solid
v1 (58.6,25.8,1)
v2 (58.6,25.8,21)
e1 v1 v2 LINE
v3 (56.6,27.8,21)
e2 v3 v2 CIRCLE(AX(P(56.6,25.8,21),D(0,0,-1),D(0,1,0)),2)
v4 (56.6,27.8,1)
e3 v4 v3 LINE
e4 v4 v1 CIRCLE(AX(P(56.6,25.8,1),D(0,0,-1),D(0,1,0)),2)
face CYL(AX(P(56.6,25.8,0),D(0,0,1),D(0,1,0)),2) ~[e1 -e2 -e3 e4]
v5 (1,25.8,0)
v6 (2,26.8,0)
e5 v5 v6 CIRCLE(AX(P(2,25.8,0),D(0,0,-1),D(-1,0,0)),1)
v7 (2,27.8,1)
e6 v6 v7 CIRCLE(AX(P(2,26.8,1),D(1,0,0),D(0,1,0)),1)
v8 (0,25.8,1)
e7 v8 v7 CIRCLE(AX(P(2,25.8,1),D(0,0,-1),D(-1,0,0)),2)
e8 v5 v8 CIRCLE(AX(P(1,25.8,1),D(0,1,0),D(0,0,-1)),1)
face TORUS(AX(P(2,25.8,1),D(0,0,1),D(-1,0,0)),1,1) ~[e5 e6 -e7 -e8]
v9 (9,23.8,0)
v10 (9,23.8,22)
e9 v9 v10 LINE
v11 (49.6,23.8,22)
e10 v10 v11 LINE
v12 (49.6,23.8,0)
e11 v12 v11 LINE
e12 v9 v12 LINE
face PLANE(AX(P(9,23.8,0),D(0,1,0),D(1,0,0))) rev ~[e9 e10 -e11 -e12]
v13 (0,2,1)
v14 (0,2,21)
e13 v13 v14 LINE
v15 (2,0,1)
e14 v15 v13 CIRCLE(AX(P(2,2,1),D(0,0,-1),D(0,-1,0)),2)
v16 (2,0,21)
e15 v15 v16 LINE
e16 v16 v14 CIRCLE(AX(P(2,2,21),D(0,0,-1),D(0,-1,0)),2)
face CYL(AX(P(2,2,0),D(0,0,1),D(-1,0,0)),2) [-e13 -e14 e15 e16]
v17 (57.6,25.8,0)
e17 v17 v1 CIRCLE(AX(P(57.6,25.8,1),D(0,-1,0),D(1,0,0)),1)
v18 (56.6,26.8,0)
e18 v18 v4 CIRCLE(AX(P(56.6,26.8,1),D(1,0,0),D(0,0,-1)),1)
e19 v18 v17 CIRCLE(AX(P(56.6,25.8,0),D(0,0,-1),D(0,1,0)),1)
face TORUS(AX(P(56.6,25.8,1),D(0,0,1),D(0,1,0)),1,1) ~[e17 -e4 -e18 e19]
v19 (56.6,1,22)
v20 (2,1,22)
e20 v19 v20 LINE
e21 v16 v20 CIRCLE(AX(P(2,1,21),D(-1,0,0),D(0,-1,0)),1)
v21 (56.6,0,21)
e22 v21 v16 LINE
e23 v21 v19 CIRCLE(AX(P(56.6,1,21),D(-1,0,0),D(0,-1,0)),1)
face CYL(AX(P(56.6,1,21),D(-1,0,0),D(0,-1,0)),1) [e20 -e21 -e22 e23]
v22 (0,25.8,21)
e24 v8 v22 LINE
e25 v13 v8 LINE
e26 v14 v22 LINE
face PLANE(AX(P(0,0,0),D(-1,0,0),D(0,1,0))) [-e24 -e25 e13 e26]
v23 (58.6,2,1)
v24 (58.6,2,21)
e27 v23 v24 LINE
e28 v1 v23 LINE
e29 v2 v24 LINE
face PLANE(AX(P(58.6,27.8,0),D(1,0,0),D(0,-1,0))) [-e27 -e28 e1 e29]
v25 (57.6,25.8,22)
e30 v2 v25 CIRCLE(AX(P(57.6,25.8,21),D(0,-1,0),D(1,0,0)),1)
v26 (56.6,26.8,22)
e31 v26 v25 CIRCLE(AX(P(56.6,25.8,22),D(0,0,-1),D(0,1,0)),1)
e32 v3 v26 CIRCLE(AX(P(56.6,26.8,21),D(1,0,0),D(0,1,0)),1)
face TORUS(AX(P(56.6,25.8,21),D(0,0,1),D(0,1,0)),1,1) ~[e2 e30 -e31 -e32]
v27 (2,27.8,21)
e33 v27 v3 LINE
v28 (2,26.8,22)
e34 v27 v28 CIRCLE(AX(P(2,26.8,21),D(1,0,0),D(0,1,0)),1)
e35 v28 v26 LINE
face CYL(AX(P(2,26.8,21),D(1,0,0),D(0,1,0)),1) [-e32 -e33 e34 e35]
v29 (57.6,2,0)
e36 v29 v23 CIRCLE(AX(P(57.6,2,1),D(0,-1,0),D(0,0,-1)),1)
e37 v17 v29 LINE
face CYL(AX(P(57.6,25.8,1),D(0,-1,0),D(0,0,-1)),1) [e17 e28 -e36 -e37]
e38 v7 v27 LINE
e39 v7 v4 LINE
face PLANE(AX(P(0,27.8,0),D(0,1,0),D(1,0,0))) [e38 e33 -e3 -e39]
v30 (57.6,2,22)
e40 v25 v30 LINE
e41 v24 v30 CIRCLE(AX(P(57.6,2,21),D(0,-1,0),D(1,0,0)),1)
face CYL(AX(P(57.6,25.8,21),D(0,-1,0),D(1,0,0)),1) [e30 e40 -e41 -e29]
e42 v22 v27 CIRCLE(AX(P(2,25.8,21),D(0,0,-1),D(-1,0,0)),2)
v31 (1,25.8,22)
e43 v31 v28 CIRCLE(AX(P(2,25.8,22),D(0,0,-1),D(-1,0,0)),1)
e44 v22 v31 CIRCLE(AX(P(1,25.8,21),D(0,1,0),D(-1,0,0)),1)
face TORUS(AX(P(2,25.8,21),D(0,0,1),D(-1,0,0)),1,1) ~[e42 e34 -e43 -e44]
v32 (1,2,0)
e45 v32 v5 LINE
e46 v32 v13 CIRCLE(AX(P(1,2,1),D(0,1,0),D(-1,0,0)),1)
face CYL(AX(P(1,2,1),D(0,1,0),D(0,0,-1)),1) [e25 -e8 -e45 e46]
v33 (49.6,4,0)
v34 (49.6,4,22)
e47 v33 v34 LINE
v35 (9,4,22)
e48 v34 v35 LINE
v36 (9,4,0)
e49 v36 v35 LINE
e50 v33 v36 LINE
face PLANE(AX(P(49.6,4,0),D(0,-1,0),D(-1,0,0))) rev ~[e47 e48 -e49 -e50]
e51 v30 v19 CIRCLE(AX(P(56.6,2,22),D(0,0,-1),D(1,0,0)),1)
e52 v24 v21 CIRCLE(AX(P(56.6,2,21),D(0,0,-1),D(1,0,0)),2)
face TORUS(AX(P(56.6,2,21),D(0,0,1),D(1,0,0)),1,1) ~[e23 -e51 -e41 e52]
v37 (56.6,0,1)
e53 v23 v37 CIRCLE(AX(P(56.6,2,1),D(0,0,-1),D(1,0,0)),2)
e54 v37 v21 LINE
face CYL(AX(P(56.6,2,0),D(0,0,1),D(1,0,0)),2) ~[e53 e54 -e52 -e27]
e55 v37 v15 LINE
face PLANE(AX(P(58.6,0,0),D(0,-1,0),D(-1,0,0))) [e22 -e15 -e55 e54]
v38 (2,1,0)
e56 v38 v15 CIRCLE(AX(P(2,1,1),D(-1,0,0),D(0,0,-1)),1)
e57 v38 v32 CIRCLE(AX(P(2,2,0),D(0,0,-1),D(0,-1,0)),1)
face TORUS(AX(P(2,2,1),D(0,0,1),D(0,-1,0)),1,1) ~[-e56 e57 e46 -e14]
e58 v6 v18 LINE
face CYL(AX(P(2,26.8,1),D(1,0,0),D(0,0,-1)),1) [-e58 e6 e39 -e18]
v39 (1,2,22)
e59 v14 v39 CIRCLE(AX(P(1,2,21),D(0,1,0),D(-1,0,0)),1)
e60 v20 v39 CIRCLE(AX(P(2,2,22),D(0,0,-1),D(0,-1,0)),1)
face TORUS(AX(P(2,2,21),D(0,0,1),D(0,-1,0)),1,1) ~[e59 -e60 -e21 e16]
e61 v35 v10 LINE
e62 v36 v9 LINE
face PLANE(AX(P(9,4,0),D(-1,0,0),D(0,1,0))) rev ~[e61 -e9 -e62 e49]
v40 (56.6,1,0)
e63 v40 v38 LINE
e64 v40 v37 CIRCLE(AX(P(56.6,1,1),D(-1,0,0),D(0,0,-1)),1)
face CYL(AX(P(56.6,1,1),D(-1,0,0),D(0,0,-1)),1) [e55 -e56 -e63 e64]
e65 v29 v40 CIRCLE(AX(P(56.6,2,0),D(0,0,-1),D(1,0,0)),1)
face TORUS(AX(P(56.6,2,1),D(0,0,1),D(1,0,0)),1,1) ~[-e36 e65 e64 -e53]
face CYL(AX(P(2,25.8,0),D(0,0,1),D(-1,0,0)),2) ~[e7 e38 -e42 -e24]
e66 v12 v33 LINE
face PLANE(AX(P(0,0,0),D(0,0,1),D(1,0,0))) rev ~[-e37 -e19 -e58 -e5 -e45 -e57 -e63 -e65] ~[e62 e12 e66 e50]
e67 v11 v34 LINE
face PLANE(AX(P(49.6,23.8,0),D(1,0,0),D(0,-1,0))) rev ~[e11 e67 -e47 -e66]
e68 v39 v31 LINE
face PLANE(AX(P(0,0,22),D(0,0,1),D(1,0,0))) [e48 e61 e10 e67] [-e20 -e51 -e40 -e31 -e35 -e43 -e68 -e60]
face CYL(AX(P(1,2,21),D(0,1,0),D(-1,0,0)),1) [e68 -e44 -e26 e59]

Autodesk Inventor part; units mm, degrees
ref_plane "YZ Plane" through (0, 0, 0) normal (1, 0, 0) x (0, 1, 0)
ref_plane "XZ Plane" through (0, 0, 0) normal (0, 1, 0) x (-1, 0, 0)
ref_plane "XY Plane" through (0, 0, 0) normal (0, 0, 1) x (1, 0, 0)
sketch "Sketch1" plane through (0, 0, 0) normal (0, 0, 1) x (1, 0, 0)
  line L0 (0, 0) -> (0, 27.8)
  line L1 (0, 27.8) -> (58.6, 27.8)
  line L2 (58.6, 27.8) -> (58.6, 0)
  line L3 (58.6, 0) -> (0, 0)
  line L4 (9, 23.8) -> (49.6, 23.8)
  line L5 (49.6, 23.8) -> (49.6, 4)
  line L6 (49.6, 4) -> (9, 4)
  line L7 (9, 4) -> (9, 23.8)
  point P0 (29.3, 23.8)
  point P1 (29.3, 27.8)
  point P2 (29.3, 4)
  point P3 (58.6, 13.9)
  point P4 (49.6, 13.9)
  dimension "d0" = 58.6
  dimension "d1" = 27.8
  dimension "d2" = 40.6
  dimension "d3" = 19.8
  dimension "d4" = 4
  dimension "d5" = 4
  dimension "d6" = 9
  dimension "d7" = 9
extrude "Extrusion1" add sketch "Sketch1" along normal blind 22
fillet "Fillet1" radius 2 4 edges at (0, 0, 11) (0, 27.8, 11) (58.6, 27.8, 11) (58.6, 0, 11)
fillet "Fillet2" radius 1 16 edges at (0, 13.9, 22) (0.5858, 27.2142, 22) (29.3, 27.8, 22) (58.0142, 27.2142, 22) (58.6, 13.9, 22) (58.0142, 0.5858, 22) (29.3, 0, 22) (0.5858, 0.5858, 22) (29.3, 0, 0) (58.0142, 0.5858, 0) (58.6, 13.9, 0) (58.0142, 27.2142, 0) (29.3, 27.8, 0) (0.5858, 27.2142, 0) (0, 13.9, 0) (0.5858, 0.5858, 0)
sketch "Sketch2" plane through (0, 0, 0) normal (0, 0, -1) x (-1, 0, 0)
  point P0 (0, 0)
sketch "Sketch3" plane through (0, 0, 0) normal (0, 0, -1) x (-1, 0, 0)
  point P0 (0, 0)
properties part number "servo_to_links"
